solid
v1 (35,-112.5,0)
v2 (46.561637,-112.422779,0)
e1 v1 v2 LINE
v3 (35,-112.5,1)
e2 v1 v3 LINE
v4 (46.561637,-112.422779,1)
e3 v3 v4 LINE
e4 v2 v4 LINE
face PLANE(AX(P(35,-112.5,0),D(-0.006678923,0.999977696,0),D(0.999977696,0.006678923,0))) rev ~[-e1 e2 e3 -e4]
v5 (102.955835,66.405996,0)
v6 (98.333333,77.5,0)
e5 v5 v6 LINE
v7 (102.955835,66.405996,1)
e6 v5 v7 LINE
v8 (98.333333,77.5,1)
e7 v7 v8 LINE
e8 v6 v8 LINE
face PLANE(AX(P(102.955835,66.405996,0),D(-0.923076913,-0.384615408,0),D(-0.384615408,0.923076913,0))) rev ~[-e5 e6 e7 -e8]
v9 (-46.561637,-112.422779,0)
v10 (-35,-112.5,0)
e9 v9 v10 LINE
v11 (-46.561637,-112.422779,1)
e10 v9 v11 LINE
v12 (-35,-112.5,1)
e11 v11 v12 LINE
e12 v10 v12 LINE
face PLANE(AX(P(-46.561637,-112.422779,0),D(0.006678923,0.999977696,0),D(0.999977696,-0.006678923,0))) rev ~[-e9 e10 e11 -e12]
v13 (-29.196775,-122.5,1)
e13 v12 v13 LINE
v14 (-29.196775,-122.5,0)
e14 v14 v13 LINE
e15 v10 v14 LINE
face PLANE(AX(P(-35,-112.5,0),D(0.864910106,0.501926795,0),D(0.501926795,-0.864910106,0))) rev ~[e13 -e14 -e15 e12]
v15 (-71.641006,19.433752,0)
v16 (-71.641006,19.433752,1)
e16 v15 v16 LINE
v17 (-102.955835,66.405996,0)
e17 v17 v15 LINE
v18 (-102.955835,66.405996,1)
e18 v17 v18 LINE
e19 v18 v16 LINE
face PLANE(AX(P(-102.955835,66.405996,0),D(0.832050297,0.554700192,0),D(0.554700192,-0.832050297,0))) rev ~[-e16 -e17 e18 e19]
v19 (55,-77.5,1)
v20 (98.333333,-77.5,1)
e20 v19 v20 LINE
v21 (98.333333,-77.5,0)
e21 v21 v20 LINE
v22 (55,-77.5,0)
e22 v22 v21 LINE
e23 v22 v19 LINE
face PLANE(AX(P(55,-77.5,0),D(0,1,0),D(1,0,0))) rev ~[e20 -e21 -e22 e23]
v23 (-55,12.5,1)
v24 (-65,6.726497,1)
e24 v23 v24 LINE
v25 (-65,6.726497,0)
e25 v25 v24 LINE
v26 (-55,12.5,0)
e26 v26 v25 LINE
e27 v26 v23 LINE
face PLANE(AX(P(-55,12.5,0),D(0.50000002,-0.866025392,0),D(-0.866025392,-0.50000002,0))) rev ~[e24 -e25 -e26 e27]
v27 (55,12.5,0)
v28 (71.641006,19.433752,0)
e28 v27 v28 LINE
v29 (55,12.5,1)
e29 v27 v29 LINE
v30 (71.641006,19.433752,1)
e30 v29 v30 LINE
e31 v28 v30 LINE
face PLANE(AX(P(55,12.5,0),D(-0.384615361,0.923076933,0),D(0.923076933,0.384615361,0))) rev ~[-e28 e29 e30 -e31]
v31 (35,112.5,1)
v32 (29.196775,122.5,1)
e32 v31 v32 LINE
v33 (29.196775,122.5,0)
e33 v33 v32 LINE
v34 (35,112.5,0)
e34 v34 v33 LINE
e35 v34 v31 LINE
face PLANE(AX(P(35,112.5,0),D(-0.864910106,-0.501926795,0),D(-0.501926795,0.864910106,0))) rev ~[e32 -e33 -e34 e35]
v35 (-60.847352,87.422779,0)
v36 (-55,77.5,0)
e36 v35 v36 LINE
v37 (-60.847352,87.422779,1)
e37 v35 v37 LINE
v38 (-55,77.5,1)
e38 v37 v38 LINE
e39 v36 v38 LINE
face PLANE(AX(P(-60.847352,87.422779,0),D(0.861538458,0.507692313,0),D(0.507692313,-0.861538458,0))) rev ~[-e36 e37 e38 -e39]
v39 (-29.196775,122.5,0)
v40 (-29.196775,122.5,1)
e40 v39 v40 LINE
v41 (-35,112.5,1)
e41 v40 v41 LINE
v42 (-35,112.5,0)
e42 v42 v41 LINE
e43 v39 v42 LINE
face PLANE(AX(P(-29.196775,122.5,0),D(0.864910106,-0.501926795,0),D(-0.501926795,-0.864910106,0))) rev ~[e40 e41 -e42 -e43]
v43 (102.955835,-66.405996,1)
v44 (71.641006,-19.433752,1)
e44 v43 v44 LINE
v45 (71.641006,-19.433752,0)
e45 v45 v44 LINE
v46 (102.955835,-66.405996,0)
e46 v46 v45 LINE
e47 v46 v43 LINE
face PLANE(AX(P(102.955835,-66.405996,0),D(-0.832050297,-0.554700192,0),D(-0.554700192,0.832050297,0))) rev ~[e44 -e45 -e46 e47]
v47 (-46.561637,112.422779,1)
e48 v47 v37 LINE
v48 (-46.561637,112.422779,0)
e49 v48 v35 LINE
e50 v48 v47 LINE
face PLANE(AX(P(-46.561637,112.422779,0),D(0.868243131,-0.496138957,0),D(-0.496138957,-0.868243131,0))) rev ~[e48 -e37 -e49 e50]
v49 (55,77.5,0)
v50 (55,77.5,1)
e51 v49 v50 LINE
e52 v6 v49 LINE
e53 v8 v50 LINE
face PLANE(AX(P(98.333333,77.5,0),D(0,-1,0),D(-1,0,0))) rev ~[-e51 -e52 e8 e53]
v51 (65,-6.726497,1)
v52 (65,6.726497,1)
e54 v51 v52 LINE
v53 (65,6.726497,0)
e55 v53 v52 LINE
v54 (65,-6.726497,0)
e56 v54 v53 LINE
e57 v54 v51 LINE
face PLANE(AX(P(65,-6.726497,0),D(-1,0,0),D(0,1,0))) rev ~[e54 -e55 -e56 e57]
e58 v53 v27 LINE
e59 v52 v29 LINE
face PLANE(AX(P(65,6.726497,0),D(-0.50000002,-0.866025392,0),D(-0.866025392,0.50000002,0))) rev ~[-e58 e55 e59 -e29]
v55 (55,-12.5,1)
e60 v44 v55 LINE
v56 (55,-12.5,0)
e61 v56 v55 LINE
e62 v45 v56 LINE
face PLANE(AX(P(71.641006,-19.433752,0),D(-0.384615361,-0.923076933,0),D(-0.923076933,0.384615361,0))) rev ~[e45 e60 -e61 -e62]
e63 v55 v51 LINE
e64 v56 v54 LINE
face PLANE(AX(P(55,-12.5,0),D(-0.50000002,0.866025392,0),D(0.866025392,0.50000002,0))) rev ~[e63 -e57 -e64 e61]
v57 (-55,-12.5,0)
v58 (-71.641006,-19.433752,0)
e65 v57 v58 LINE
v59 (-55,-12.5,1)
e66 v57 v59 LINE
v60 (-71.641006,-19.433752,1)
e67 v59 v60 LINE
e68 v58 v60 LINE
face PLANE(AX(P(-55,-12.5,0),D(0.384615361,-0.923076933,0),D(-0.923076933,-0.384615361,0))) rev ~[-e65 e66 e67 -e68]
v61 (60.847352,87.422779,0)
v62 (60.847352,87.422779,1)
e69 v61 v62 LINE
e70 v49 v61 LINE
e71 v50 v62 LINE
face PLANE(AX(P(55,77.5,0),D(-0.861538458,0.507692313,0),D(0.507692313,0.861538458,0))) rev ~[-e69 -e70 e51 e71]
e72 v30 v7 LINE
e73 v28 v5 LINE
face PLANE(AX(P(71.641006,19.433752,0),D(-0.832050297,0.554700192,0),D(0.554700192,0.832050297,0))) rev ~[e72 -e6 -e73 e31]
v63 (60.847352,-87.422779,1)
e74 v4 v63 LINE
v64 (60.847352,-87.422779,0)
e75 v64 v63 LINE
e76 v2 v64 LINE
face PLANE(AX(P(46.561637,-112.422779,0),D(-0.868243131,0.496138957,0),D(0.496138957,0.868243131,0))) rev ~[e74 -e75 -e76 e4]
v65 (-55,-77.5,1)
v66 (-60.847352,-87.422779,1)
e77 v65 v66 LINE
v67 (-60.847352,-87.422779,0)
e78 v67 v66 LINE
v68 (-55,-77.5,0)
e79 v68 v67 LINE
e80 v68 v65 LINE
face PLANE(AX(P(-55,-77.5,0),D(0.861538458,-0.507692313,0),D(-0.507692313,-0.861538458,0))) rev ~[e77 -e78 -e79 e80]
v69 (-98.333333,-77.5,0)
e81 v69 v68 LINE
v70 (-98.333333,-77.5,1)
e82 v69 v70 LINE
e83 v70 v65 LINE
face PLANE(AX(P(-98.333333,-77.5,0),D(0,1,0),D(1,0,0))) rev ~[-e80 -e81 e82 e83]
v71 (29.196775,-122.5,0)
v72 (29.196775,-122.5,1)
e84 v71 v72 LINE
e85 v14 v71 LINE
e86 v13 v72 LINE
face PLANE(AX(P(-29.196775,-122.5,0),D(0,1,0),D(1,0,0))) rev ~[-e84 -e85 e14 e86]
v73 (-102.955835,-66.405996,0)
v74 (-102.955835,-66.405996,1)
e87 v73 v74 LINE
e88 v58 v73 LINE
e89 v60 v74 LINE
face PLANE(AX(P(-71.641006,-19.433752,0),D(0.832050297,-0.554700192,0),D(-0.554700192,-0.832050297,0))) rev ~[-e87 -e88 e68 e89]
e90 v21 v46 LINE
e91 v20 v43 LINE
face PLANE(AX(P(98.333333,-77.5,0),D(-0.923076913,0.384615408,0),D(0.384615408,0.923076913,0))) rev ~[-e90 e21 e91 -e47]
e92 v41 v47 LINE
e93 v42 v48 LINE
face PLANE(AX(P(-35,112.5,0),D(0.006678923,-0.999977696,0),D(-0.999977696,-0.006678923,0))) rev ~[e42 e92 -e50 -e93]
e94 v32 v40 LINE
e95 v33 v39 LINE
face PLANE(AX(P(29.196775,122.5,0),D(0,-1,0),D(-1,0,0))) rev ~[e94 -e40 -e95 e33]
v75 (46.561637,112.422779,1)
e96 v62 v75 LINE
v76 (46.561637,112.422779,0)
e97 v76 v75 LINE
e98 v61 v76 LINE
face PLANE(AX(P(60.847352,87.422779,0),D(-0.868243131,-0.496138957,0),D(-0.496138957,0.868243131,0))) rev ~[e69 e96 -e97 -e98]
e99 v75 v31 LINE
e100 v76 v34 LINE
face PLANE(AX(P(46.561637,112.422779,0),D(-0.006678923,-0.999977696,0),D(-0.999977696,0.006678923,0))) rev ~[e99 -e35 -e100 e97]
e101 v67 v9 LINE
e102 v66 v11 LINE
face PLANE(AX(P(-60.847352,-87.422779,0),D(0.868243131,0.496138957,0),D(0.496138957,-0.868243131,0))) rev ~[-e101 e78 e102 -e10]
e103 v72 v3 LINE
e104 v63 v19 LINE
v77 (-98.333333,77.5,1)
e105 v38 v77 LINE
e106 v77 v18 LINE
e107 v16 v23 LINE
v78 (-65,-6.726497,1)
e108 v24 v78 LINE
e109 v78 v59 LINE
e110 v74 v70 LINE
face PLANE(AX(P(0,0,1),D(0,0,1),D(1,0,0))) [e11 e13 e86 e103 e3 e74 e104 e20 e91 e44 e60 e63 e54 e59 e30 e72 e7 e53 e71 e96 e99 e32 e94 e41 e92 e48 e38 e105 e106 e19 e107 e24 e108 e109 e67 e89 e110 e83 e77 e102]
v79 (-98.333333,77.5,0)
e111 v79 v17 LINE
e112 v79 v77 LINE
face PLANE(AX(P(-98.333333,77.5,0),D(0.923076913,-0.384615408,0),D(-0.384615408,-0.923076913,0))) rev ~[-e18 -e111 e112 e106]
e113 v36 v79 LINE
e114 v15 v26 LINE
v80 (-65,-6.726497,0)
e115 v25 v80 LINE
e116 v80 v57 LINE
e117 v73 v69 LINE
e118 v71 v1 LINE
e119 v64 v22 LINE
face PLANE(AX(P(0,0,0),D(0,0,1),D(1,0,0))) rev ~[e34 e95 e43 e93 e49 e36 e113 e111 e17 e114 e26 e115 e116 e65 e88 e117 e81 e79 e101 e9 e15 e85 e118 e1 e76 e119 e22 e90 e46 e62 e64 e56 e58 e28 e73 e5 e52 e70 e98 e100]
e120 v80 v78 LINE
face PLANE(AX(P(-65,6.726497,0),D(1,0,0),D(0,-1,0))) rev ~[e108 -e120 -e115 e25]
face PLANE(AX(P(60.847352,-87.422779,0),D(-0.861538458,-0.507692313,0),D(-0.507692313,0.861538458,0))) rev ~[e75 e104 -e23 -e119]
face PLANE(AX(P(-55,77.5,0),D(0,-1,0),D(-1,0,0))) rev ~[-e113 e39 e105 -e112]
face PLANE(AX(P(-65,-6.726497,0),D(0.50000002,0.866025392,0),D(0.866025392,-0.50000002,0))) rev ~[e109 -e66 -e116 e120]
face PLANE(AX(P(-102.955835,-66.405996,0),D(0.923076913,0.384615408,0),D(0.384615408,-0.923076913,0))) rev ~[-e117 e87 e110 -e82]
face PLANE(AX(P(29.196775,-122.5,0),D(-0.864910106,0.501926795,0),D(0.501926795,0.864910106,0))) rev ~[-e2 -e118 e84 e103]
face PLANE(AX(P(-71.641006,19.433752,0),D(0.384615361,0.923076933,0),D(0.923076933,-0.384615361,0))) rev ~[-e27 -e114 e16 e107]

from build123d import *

# Parameters (mm, degrees)
F1_DEPTH = 1


with BuildPart() as f1:
    # F0 (on Top) → F1 (new body)
    with BuildSketch(Plane.XY):
        Polygon((-98.333333, -77.5), (-55, -77.5), (-60.847352, -87.422779), (-46.561637, -112.422779), (-35, -112.5), (-29.196775, -122.5), (29.196775, -122.5), (35, -112.5), (46.561637, -112.422779), (60.847352, -87.422779), (55, -77.5), (98.333333, -77.5), (102.955835, -66.405996), (71.641006, -19.433752), (55, -12.5), (65, -6.726497), (65, 6.726497), (55, 12.5), (71.641006, 19.433752), (102.955835, 66.405996), (98.333333, 77.5), (55, 77.5), (60.847352, 87.422779), (46.561637, 112.422779), (35, 112.5), (29.196775, 122.5), (-29.196775, 122.5), (-35, 112.5), (-46.561637, 112.422779), (-60.847352, 87.422779), (-55, 77.5), (-98.333333, 77.5), (-102.955835, 66.405996), (-71.641006, 19.433752), (-55, 12.5), (-65, 6.726497), (-65, -6.726497), (-55, -12.5), (-71.641006, -19.433752), (-102.955835, -66.405996), align=None)
    extrude(amount=F1_DEPTH)


solid = f1.part
